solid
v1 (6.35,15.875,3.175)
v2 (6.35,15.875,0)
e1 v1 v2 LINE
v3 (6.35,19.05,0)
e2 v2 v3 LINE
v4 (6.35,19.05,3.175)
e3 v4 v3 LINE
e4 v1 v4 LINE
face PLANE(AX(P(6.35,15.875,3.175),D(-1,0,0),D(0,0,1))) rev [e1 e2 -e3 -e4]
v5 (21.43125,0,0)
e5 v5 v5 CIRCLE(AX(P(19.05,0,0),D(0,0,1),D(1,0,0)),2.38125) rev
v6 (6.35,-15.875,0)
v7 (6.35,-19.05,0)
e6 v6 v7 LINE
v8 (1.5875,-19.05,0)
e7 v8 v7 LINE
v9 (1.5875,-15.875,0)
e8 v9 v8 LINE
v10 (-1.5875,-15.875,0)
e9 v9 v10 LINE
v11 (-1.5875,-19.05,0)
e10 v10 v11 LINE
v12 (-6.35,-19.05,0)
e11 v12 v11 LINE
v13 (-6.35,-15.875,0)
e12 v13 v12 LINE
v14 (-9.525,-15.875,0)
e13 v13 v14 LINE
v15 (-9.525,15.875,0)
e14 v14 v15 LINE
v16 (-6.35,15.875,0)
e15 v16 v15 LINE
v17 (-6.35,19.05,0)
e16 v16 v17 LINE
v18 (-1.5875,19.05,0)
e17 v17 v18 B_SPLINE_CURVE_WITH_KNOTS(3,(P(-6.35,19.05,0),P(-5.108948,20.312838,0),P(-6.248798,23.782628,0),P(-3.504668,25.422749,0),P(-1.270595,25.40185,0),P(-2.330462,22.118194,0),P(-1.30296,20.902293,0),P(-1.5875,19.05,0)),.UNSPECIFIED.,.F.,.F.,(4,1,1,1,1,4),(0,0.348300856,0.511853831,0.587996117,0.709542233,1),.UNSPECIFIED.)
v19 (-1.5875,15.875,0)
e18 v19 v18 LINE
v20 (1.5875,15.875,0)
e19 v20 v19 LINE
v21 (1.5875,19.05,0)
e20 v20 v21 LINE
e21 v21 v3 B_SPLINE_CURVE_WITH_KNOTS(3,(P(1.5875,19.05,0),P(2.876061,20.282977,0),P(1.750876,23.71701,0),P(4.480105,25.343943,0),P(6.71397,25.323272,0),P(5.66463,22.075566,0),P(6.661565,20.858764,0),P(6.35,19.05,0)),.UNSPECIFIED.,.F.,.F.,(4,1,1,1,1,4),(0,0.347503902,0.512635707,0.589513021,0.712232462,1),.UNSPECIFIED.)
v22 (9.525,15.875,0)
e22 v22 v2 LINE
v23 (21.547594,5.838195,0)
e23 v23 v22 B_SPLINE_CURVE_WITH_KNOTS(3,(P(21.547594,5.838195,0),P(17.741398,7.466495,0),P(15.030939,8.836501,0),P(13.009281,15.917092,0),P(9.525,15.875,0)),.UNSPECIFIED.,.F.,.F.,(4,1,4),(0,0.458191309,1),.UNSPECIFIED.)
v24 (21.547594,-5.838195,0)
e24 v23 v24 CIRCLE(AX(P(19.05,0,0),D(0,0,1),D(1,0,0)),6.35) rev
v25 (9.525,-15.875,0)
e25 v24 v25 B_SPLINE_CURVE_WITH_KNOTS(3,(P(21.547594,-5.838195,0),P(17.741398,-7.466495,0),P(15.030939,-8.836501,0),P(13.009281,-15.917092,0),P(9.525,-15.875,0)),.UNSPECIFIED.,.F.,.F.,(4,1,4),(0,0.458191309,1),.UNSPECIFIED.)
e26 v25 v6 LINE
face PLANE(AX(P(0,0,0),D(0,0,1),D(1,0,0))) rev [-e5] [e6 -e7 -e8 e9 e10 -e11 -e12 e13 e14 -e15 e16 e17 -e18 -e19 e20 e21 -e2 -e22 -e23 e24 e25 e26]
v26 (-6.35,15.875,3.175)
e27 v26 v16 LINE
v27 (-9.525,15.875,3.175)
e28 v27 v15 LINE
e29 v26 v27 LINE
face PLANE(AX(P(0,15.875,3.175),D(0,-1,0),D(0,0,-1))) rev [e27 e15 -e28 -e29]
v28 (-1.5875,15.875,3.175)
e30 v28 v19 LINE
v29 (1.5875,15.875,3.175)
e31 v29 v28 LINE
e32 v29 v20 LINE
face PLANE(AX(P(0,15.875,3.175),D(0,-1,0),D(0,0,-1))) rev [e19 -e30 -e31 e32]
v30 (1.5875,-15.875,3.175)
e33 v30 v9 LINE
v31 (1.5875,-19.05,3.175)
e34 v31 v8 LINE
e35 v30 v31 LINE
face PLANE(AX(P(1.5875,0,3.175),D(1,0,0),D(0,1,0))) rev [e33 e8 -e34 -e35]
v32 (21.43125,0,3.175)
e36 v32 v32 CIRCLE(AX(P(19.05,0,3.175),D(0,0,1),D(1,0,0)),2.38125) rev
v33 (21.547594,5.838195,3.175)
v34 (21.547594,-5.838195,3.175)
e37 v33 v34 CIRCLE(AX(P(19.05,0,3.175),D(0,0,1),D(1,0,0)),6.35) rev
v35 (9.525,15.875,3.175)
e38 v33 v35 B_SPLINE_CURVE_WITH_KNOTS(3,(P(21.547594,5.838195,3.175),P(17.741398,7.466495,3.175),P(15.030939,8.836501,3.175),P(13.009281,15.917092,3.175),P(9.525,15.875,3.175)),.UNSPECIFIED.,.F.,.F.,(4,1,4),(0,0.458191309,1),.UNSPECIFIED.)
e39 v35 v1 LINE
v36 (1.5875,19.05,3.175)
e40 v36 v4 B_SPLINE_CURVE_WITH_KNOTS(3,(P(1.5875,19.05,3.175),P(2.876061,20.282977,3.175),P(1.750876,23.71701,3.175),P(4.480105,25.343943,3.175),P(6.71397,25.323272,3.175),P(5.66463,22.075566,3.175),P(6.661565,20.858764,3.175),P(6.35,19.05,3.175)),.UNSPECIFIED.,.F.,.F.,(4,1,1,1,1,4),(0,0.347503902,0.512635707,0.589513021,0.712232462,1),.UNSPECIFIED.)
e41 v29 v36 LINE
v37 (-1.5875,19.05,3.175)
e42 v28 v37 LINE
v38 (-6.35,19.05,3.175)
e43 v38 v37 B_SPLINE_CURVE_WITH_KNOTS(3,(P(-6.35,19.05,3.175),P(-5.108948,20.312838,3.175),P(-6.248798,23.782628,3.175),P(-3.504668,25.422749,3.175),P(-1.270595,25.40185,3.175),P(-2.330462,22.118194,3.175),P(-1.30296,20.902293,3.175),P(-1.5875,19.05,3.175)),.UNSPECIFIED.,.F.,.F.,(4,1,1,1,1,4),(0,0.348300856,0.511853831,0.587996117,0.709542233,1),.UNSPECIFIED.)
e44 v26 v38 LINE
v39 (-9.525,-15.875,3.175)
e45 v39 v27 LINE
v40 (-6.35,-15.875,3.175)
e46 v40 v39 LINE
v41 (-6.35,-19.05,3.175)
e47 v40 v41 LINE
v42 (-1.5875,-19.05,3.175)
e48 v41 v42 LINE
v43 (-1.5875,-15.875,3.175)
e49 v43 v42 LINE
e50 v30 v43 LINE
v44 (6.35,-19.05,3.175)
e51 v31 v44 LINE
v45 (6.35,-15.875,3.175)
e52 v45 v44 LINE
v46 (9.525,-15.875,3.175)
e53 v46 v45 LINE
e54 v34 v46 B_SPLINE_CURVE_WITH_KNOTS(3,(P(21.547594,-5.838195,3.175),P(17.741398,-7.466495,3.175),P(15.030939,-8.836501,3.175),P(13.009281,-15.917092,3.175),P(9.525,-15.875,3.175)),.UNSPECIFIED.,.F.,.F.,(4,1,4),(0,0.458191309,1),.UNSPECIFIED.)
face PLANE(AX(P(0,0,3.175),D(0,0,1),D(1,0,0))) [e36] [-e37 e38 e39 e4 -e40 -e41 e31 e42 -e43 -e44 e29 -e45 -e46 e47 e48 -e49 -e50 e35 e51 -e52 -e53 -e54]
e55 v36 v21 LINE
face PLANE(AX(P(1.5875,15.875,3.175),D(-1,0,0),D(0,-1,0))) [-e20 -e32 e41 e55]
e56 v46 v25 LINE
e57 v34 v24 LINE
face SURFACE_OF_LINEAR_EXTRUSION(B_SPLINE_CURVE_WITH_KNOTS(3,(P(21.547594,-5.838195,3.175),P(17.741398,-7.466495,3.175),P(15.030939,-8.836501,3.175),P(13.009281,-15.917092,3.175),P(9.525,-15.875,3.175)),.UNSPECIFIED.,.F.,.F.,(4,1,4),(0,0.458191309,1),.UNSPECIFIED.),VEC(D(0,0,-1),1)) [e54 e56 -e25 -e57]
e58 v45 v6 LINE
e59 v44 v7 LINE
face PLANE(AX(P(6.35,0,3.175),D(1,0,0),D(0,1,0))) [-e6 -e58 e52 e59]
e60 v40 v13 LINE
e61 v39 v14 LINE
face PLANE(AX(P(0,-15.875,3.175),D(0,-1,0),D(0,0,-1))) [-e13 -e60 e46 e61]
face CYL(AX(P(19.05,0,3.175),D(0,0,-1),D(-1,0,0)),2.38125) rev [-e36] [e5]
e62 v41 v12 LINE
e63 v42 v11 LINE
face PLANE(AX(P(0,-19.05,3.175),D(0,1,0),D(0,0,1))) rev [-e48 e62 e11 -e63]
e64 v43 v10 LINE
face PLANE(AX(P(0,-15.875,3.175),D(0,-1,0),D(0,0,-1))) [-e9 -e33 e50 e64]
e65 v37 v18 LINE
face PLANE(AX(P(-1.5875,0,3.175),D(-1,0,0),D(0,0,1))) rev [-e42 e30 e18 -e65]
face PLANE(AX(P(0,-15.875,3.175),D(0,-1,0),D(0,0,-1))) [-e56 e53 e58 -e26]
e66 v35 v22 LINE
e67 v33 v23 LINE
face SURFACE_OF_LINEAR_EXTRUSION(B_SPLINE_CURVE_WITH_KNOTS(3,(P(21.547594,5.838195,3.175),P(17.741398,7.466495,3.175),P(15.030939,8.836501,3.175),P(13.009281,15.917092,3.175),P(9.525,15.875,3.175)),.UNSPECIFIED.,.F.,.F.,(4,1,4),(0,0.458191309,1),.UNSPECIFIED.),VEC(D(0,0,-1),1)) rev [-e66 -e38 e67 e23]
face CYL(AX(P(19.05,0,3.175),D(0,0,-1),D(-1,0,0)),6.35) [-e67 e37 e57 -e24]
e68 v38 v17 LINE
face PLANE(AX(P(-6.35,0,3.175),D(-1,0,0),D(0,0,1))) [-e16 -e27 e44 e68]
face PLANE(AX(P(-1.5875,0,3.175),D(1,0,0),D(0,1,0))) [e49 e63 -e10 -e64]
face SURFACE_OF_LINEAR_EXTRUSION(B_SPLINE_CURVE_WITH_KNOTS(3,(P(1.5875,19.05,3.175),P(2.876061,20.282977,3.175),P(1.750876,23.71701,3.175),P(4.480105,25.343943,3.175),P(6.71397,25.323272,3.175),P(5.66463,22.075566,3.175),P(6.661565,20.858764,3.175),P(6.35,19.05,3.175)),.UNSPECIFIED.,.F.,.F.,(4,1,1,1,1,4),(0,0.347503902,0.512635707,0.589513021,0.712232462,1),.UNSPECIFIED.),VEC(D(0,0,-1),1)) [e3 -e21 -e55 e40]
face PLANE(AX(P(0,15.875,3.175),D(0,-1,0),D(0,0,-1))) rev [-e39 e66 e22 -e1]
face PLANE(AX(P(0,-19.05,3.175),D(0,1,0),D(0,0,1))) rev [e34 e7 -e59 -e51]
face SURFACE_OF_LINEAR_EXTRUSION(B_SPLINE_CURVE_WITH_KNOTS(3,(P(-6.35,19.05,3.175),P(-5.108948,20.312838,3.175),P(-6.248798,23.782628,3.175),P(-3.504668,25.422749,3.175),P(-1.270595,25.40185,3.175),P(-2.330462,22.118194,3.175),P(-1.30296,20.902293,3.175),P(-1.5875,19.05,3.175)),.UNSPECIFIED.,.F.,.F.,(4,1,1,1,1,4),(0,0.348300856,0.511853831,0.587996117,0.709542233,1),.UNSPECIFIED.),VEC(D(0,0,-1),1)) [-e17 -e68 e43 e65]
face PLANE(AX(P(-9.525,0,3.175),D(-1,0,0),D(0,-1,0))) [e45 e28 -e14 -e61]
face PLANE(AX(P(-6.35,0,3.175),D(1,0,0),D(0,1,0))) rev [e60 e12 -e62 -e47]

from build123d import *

# Parameters (mm, degrees)
SKETCH1_W           = 4.7625
SKETCH1_H           = 3.175
SKETCH1_R           = 2.38125
BOSS_EXTRUDE1_DEPTH = 3.175


with BuildPart() as part:
    # Sketch1 → Boss-Extrude1 (new body)
    # profile 1 of 9: a face of its own
    with BuildSketch(Plane.XY):
        Polygon((6.35, -15.875), (9.525, -15.875), (9.525, 15.875), (6.35, 15.875), (1.5875, 15.875), (-1.5875, 15.875), (-6.35, 15.875), (-9.525, 15.875), (-9.525, -15.875), (-6.35, -15.875), (-1.5875, -15.875), (1.5875, -15.875), align=None)
    # profile 2 of 9: a face of its own
    with BuildSketch(Plane.XY):
        with BuildLine():
            Line((9.525, 15.875), (9.525, -15.875))
            add(Edge.make_bspline(
                [(21.547594304, -5.838195157), (17.741398311, -7.466495201), (15.030939304, -8.836500628), (13.009281216, -15.917091584), (9.525, -15.875)],
                knots=[0, 0, 0, 0, 0.458191309, 1, 1, 1, 1], degree=3))
            ThreePointArc((21.547594304, -5.838195157), (12.7, 0), (21.547594304, 5.838195157))
            add(Edge.make_bspline(
                [(21.547594304, 5.838195157), (17.741398311, 7.466495201), (15.030939304, 8.836500628), (13.009281216, 15.917091584), (9.525, 15.875)],
                knots=[0, 0, 0, 0, 0.458191309, 1, 1, 1, 1], degree=3))
        make_face()
    # profile 3 of 9: a face of its own
    with BuildSketch(Plane.XY):
        with Locations((3.96875, -17.4625)):
            Rectangle(SKETCH1_W, SKETCH1_H)
    # profile 4 of 9: a face of its own
    with BuildSketch(Plane.XY):
        with BuildLine():
            ThreePointArc((21.547594304, 5.838195157), (12.7, 0), (21.547594304, -5.838195157))
            ThreePointArc((21.547594304, -5.838195157), (24.350104896, -3.497340144), (25.4, 0))
            ThreePointArc((25.4, 0), (24.350104896, 3.497340144), (21.547594304, 5.838195157))
        make_face()
        with Locations((19.05, 0)):
            Circle(SKETCH1_R, mode=Mode.SUBTRACT)
    # profile 5 of 9: a face of its own
    with BuildSketch(Plane.XY):
        with Locations((3.96875, 17.4625)):
            Rectangle(SKETCH1_W, SKETCH1_H)
    # profile 6 of 9: a face of its own
    with BuildSketch(Plane.XY):
        with Locations((-3.96875, -17.4625)):
            Rectangle(SKETCH1_W, SKETCH1_H)
    # profile 7 of 9: a face of its own
    with BuildSketch(Plane.XY):
        with BuildLine():
            Line((1.5875, 19.05), (6.35, 19.05))
            add(Edge.make_bspline(
                [(1.5875, 19.05), (2.876060697, 20.282977256), (1.750876168, 23.717010334), (4.480105354, 25.343943309), (6.713969799, 25.323271855), (5.664629716, 22.075566326), (6.66156491, 20.85876393), (6.35, 19.05)],
                knots=[0, 0, 0, 0, 0.347503902, 0.512635707, 0.589513021, 0.712232462, 1, 1, 1, 1], degree=3))
        make_face()
    # profile 8 of 9: a face of its own
    with BuildSketch(Plane.XY):
        with Locations((-3.96875, 17.4625)):
            Rectangle(SKETCH1_W, SKETCH1_H)
    # profile 9 of 9: a face of its own
    with BuildSketch(Plane.XY):
        with BuildLine():
            Line((-6.35, 19.05), (-1.5875, 19.05))
            add(Edge.make_bspline(
                [(-6.35, 19.05), (-5.108948033, 20.312838142), (-6.248797567, 23.782627537), (-3.504668245, 25.422749175), (-1.270595434, 25.401850486), (-2.33046195, 22.118193687), (-1.30296019, 20.902293296), (-1.5875, 19.05)],
                knots=[0, 0, 0, 0, 0.348300856, 0.511853831, 0.587996117, 0.709542233, 1, 1, 1, 1], degree=3))
        make_face()
    extrude(amount=BOSS_EXTRUDE1_DEPTH)


solid = part.part
